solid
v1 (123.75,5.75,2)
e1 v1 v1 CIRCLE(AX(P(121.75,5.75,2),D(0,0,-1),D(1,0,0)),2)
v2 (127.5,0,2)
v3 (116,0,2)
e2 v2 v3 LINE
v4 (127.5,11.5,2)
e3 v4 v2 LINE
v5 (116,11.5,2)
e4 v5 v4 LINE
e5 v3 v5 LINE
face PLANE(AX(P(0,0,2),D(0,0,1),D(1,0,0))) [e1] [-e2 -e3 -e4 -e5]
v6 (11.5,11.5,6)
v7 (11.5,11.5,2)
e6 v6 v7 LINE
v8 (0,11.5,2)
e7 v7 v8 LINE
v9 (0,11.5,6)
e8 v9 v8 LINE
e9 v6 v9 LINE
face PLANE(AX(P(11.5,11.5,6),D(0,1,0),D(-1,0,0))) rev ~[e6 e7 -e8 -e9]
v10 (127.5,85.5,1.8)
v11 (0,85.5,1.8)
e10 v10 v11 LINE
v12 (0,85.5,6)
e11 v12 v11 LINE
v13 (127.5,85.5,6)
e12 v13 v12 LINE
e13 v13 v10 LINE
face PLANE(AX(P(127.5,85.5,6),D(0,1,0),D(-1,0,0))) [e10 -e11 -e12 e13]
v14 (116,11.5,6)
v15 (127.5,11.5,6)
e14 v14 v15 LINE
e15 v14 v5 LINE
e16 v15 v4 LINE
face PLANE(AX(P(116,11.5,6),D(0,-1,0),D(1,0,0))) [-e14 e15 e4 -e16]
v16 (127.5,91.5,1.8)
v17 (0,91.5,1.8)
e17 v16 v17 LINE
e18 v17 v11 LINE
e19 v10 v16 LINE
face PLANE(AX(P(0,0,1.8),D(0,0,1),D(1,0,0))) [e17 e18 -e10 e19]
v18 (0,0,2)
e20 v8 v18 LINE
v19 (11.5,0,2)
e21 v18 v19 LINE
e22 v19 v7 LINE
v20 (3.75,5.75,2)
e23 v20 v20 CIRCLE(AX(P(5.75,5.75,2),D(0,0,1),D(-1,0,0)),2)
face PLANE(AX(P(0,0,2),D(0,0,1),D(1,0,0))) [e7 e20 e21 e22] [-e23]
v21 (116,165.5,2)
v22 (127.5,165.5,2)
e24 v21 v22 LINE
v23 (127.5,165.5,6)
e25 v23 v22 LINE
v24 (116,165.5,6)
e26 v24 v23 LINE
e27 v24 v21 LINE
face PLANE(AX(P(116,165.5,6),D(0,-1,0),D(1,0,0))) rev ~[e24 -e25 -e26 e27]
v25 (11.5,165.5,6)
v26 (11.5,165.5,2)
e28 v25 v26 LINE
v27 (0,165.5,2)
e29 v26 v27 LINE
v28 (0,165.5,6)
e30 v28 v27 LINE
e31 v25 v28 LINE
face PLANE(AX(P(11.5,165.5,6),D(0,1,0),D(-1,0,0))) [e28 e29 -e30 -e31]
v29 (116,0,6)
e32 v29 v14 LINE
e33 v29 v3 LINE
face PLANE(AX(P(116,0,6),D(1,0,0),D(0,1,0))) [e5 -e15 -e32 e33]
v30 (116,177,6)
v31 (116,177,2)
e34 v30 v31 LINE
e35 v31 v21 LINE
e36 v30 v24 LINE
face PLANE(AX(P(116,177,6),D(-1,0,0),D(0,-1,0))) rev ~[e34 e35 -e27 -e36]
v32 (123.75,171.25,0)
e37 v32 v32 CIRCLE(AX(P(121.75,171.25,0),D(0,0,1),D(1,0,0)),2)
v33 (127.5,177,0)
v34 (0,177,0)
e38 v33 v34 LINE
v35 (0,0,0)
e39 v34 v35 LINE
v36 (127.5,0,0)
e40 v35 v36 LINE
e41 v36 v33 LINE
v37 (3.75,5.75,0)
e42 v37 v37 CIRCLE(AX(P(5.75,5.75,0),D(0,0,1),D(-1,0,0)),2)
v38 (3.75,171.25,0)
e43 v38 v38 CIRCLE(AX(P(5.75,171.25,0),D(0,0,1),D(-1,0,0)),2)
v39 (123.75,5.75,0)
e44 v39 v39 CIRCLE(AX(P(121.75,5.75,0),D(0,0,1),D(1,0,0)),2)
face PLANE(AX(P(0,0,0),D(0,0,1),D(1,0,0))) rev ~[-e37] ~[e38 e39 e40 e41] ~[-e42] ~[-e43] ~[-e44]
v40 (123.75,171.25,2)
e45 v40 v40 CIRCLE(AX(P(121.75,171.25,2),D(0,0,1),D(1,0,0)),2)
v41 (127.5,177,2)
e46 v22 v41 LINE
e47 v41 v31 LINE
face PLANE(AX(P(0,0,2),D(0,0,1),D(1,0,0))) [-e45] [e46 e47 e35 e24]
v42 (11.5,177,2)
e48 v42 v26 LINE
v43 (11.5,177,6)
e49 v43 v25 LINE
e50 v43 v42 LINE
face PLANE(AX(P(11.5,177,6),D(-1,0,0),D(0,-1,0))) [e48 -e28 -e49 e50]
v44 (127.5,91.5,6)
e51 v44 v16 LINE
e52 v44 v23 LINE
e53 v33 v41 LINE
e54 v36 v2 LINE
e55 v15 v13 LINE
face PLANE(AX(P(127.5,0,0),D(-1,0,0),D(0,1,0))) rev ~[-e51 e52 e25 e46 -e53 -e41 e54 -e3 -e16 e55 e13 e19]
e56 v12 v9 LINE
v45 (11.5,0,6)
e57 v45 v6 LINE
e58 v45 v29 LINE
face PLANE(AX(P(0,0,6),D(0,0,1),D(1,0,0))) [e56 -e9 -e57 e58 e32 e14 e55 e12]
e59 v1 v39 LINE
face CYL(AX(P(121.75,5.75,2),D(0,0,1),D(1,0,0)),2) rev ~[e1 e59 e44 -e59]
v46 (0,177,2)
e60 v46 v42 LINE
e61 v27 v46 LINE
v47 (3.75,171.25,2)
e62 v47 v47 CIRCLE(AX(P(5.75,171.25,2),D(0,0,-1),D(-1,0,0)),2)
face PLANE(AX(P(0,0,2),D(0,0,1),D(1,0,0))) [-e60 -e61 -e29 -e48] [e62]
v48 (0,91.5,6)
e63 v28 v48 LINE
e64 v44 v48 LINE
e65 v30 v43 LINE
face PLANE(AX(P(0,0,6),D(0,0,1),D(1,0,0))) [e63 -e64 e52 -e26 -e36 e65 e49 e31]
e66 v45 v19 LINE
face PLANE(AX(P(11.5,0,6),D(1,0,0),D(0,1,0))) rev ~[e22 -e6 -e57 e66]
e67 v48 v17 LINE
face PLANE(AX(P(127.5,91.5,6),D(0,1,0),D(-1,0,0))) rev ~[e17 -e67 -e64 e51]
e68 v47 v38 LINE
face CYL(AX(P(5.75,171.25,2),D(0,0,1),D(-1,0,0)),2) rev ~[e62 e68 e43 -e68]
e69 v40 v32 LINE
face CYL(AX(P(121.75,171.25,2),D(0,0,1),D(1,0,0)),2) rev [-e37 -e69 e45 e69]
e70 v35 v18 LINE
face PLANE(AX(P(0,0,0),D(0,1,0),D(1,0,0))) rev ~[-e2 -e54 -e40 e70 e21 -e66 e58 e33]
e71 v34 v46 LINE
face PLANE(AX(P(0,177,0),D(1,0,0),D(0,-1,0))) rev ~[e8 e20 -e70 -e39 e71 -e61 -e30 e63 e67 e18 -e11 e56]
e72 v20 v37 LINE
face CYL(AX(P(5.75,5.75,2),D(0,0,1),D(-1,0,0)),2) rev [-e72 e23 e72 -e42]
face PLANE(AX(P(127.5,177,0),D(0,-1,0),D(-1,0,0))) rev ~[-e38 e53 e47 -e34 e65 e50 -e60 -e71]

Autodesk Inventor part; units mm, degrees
ref_plane "YZ Plane" through (0, 0, 0) normal (1, 0, 0) x (0, 1, 0)
ref_plane "XZ Plane" through (0, 0, 0) normal (0, 1, 0) x (-1, 0, 0)
ref_plane "XY Plane" through (0, 0, 0) normal (0, 0, 1) x (1, 0, 0)
sketch "Boceto1" plane through (0, 0, 0) normal (0, 0, 1) x (1, 0, 0)
  line L0 (0, 0) -> (127.5, 0)
  line L1 (127.5, 0) -> (127.5, 177)
  line L2 (127.5, 177) -> (0, 177)
  line L3 (0, 177) -> (0, 0)
  dimension "d32" = 127.5
  dimension "d33" = 177
extrude "Extrusión1" add sketch "Boceto1" along normal blind 6
ref_plane "Plano de trabajo6" through (0, 88.5, 0) normal (0, -1, 0) x (1, 0, 0)
ref_plane "Plano de trabajo7" through (63.75, 0, 0) normal (-1, 0, 0) x (0, 0, 1)
sketch "Boceto17" plane through (0, 0, 6) normal (0, 0, 1) x (1, 0, 0)
  line L0 (127.5, 0) -> (116, 0)
  line L1 (116, 0) -> (116, 11.5)
  line L2 (116, 11.5) -> (127.5, 11.5)
  line L3 (127.5, 11.5) -> (127.5, 0)
  line L4 (0, 0) -> (11.5, 0)
  line L5 (11.5, 0) -> (11.5, 11.5)
  line L6 (11.5, 11.5) -> (0, 11.5)
  line L7 (0, 11.5) -> (0, 0)
  line L8 (127.5, 177) -> (116, 177)
  line L9 (116, 177) -> (116, 165.5)
  line L10 (116, 165.5) -> (127.5, 165.5)
  line L11 (127.5, 165.5) -> (127.5, 177)
  line L12 (0, 177) -> (11.5, 177)
  line L13 (11.5, 177) -> (11.5, 165.5)
  line L14 (11.5, 165.5) -> (0, 165.5)
  line L15 (0, 165.5) -> (0, 177)
  dimension "d124" = 11.5
  dimension "d125" = 11.5
  dimension "d129" = 11.5
  dimension "d130" = 11.5
  dimension "d131" = 11.5
  dimension "d132" = 11.5
  dimension "d133" = 11.5
  dimension "d134" = 11.5
extrude "Extrusión12" cut sketch "Boceto17" against normal blind 4
sketch "Boceto18" plane through (0, 0, 2) normal (0, 0, 1) x (1, 0, 0)
  line L0 (0, 0) -> (11.5, 0)
  line L1 (11.5, 0) -> (11.5, 11.5)
  line L2 (11.5, 11.5) -> (0, 11.5)
  line L3 (0, 11.5) -> (0, 0)
  line L4 (127.5, 0) -> (116, 0)
  line L5 (116, 0) -> (116, 11.5)
  line L6 (116, 11.5) -> (127.5, 11.5)
  line L7 (127.5, 11.5) -> (127.5, 0)
  line L8 (127.5, 177) -> (116, 177)
  line L9 (116, 177) -> (116, 165.5)
  line L10 (116, 165.5) -> (127.5, 165.5)
  line L11 (127.5, 165.5) -> (127.5, 177)
  line L12 (0, 177) -> (11.5, 177)
  line L13 (11.5, 177) -> (11.5, 165.5)
  line L14 (11.5, 165.5) -> (0, 165.5)
  line L15 (0, 165.5) -> (0, 177)
  line L16 (116, 11.5) -> (127.5, 0)
  line L17 (127.5, 11.5) -> (116, 0)
  circle A0 centre (121.75, 5.75) radius 2
  dimension "d137" = 4
extrude "Extrusión13" cut sketch "Boceto18" against normal blind 3.2 contours A0 L17 L16 | L16 L17 A0 | A0 L16 L17 | L17 L16 A0
mirror "Simetría7" about plane through (63.75, 0, 0) normal (-1, 0, 0) of "Extrusión13"
mirror "Simetría8" about plane through (0, 88.5, 0) normal (0, -1, 0) of "Extrusión13", "Simetría7"
sketch "Boceto19" plane through (0, 0, 6) normal (0, 0, 1) x (1, 0, 0)
  line L0 (0, 0) -> (127.5, 0)
  line L1 (127.5, 0) -> (127.5, 85.5)
  line L2 (127.5, 85.5) -> (0, 85.5)
  line L3 (0, 85.5) -> (0, 0)
  line L4 (127.5, 0) -> (127.5, 177) projected
  line L5 (0, 85.5) -> (127.5, 85.5)
  line L6 (127.5, 85.5) -> (127.5, 91.5)
  line L7 (127.5, 91.5) -> (0, 91.5)
  line L8 (0, 91.5) -> (0, 85.5)
  line L9 (0, 91.5) -> (127.5, 91.5)
  line L10 (127.5, 91.5) -> (127.5, 177)
  line L11 (127.5, 177) -> (0, 177)
  line L12 (0, 177) -> (0, 91.5)
  dimension "d140" = 127.5
  dimension "d141" = 85.5
  dimension "d142" = 6
extrude "Extrusión14" cut sketch "Boceto19" against normal blind 4.2 contours L8 L7 L4 L2
properties part number "transillum_diffusor_partC_v1"
